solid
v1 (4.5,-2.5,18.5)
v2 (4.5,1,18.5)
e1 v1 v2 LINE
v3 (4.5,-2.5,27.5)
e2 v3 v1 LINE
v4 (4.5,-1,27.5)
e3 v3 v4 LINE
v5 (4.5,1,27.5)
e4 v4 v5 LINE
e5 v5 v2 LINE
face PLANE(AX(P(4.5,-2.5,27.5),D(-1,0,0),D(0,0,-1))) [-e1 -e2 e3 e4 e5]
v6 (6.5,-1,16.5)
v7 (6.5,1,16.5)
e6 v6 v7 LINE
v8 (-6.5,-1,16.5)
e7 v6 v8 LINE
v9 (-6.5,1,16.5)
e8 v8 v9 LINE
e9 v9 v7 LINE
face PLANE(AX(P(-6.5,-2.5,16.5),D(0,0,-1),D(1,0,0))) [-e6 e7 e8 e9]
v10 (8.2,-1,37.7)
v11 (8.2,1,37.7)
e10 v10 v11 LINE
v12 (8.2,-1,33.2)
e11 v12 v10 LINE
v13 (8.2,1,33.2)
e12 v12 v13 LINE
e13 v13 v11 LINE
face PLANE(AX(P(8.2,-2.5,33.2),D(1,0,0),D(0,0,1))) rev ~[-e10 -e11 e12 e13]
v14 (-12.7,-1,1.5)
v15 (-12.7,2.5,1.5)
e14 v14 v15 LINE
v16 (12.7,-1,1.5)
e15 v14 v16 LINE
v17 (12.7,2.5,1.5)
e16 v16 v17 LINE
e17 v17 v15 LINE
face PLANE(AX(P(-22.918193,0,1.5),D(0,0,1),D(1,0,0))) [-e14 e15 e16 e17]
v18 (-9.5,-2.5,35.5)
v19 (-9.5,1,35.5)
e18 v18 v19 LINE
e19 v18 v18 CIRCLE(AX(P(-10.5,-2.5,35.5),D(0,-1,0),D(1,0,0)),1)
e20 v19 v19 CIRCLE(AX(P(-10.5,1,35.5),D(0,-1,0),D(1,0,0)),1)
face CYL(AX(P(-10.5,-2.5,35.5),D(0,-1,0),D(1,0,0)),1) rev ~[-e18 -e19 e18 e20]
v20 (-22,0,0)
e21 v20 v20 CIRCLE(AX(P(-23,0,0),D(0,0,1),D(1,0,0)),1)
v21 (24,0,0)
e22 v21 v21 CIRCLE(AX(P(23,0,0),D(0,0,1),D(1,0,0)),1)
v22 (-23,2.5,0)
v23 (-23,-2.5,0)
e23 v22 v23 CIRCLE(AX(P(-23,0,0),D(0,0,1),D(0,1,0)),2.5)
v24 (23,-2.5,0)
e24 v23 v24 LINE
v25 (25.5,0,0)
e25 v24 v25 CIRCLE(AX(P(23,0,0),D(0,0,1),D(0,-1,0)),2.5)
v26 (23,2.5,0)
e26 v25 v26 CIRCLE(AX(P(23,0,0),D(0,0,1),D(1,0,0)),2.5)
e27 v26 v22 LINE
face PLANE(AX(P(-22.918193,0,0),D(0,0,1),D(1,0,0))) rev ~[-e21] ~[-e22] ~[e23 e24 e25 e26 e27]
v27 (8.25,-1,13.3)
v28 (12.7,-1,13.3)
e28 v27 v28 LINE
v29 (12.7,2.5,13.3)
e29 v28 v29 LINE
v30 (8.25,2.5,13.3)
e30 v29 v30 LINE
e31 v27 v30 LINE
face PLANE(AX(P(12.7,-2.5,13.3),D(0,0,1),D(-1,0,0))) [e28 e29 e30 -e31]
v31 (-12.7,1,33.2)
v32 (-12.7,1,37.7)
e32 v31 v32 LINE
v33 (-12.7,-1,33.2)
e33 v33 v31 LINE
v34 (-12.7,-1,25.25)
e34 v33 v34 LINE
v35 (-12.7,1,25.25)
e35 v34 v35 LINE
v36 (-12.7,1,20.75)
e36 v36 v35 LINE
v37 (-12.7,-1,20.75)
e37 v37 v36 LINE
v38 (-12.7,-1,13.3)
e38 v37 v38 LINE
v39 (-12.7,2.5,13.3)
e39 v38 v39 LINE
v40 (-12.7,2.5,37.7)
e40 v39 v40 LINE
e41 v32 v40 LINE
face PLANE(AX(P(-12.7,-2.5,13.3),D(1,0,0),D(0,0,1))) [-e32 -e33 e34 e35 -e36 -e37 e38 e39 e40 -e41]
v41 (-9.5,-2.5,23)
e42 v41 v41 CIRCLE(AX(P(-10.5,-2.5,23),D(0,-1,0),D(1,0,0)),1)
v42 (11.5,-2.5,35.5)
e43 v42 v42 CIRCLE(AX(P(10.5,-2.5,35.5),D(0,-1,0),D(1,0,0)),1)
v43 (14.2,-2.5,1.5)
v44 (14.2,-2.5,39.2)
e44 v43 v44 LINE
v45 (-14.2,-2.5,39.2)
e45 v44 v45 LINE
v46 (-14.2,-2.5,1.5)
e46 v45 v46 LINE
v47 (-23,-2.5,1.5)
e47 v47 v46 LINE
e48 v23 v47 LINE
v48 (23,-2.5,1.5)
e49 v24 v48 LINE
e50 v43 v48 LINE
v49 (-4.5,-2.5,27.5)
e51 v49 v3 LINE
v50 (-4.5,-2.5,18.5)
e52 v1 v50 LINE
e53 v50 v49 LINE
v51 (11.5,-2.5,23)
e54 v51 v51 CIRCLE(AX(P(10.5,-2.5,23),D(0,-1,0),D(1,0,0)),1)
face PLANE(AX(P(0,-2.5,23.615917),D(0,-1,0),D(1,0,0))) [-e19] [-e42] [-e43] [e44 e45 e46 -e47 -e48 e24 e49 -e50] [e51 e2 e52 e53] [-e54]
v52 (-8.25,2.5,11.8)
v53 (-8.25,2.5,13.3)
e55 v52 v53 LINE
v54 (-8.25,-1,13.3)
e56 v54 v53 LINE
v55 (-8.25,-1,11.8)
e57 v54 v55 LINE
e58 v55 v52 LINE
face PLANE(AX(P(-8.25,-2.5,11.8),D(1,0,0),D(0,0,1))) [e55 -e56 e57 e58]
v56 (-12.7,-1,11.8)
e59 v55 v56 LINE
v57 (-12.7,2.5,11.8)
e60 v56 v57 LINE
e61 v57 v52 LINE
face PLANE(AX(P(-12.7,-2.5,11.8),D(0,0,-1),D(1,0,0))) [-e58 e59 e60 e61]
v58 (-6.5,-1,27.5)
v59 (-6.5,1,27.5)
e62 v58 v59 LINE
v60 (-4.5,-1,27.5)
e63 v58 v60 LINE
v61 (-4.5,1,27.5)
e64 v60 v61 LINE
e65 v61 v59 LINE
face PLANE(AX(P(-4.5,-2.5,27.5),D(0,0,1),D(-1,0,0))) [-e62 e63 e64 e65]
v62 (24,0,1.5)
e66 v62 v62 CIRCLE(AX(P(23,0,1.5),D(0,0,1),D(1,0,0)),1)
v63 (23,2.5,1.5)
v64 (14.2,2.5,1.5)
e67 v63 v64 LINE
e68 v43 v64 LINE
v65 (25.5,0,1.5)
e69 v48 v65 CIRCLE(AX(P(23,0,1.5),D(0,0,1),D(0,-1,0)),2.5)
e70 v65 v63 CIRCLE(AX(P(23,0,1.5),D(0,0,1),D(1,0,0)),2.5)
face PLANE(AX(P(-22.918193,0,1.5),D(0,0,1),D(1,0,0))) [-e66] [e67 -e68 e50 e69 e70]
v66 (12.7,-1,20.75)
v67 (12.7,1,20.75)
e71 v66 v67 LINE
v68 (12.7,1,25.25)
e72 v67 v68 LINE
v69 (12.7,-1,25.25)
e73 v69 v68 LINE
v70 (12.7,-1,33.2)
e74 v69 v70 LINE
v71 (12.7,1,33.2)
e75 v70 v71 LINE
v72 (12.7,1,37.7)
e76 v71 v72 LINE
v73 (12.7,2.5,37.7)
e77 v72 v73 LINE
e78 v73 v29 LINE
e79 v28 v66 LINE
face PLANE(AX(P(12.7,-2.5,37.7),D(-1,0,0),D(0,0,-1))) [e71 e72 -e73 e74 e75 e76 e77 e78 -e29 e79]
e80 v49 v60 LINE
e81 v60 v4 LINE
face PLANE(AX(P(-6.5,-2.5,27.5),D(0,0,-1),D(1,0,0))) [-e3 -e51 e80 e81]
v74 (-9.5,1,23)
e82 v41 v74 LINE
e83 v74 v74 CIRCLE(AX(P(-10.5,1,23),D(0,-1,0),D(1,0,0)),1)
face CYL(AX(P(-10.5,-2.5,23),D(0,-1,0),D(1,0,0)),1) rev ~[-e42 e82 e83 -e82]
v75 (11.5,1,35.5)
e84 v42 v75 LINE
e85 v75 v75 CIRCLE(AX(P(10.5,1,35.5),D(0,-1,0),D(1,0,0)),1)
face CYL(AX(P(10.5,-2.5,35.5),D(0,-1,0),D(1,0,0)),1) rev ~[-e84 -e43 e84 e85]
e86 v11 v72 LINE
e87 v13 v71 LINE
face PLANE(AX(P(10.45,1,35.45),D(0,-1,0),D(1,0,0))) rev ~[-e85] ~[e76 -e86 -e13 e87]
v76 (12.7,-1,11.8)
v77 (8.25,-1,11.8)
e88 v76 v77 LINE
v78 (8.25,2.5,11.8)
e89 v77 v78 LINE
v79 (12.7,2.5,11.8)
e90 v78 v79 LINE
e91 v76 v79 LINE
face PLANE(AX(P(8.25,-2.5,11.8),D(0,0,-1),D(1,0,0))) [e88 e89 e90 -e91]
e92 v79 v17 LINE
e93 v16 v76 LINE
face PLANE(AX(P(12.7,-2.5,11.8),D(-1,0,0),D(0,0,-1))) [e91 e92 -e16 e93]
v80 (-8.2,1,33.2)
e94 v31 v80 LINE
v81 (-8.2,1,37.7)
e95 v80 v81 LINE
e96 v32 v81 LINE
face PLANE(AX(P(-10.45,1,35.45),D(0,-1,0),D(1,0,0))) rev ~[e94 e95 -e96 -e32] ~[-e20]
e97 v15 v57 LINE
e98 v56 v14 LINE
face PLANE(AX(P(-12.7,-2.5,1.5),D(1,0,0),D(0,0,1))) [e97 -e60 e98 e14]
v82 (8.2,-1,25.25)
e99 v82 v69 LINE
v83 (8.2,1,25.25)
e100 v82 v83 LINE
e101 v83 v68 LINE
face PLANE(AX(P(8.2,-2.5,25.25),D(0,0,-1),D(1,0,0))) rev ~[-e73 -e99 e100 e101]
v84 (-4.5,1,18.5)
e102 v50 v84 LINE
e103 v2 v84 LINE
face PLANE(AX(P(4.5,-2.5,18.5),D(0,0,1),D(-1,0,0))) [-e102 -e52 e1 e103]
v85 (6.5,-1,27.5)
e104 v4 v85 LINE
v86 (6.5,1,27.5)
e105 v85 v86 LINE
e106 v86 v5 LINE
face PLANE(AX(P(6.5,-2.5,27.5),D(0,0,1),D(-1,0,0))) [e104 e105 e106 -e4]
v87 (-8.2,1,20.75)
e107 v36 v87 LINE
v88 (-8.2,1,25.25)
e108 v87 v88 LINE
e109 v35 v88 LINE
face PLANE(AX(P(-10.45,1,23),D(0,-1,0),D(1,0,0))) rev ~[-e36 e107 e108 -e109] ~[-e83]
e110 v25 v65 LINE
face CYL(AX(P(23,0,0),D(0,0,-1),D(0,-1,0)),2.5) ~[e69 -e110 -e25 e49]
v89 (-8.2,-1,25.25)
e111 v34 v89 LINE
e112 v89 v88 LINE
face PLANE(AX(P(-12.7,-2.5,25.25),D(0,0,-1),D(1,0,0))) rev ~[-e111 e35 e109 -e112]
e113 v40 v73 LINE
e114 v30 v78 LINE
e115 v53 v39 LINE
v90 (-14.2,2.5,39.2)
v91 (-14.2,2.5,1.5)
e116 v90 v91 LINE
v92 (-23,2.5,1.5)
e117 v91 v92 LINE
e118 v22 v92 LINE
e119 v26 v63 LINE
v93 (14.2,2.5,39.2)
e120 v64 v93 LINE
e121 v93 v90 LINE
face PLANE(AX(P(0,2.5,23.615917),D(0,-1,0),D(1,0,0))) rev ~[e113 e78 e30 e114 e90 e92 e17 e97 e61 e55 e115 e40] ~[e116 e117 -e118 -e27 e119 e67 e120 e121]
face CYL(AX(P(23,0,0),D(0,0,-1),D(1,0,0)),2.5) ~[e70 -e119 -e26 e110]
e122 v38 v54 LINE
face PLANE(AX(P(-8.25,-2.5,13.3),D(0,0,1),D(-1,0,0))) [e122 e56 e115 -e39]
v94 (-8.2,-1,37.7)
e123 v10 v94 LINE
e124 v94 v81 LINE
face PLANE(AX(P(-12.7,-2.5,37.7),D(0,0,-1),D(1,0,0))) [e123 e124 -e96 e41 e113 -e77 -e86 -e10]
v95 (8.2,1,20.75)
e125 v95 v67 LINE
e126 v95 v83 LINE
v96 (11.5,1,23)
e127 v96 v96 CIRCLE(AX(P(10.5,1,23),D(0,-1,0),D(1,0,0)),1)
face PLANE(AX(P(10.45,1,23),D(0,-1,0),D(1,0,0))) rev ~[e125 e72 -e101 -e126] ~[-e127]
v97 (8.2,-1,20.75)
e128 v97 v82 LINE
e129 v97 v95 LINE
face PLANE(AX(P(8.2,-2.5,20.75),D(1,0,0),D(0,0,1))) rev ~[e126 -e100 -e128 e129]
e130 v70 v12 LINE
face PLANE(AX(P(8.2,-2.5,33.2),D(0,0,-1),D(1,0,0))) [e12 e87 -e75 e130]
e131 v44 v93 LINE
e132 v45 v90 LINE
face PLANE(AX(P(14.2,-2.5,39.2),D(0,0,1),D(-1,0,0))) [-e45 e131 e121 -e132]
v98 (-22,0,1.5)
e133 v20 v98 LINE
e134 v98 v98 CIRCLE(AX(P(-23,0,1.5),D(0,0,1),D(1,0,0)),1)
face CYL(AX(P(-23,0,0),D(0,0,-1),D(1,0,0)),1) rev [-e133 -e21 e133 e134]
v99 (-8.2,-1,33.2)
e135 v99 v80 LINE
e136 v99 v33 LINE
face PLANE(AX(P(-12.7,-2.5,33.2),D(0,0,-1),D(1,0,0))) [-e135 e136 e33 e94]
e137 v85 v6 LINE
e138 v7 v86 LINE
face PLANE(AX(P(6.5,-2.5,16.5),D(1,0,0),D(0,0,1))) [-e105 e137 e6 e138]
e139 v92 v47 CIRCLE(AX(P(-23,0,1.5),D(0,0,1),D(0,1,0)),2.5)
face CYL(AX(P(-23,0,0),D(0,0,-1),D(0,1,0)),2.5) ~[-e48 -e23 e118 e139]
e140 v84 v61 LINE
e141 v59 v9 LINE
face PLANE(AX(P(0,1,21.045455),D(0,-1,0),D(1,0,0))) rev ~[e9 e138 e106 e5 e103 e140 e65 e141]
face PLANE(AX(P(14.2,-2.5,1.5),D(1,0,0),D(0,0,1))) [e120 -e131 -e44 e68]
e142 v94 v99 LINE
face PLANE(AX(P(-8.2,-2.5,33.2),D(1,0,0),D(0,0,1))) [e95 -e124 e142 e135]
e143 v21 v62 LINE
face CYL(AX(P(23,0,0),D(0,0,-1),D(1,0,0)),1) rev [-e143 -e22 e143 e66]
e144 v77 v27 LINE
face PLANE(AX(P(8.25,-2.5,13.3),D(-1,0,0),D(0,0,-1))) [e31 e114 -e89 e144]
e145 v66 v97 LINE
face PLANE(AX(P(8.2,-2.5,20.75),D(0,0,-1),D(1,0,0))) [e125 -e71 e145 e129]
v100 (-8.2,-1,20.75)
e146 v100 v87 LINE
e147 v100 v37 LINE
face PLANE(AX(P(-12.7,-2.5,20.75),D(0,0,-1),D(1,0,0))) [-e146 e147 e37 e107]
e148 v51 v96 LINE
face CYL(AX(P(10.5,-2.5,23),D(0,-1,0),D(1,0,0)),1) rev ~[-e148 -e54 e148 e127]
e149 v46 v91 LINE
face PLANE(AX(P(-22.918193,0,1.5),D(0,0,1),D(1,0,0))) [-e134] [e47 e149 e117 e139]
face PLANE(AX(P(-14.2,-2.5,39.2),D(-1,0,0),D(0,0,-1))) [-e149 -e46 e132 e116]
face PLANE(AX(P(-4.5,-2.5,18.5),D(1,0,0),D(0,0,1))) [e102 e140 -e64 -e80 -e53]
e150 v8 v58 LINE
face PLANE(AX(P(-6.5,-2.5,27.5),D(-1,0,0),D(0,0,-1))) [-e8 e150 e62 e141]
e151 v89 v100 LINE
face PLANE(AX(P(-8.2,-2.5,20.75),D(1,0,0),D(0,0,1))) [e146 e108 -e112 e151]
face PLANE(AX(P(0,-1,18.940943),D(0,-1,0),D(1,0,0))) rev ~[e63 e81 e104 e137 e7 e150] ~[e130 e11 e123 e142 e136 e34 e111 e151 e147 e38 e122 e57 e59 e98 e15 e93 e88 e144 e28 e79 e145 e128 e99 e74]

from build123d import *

# Parameters (mm, degrees)
F0_R     = 1
F1_DEPTH = 1.5
F3_DEPTH = 1.5
F4_DEPTH = 5
F2_W     = 4.5
F2_H     = 4.5
F2_R     = 1
F5_DEPTH = 3.5


with BuildPart() as f1:
    # F0 (on Top) → F1 (new body)
    with BuildSketch(Plane.XY):
        with BuildLine():
            ThreePointArc((-20.5, 0), (-21.232233047, 1.767766953), (-23, 2.5))
            ThreePointArc((-23, 2.5), (-25.5, 0), (-23, -2.5))
            ThreePointArc((-23, -2.5), (-21.232233047, -1.767766953), (-20.5, 0))
        make_face()
        with Locations((-23, 0)):
            Circle(F0_R, mode=Mode.SUBTRACT)
        with BuildLine():
            Line((23, 2.5), (-23, 2.5))
            ThreePointArc((-23, 2.5), (-21.232233047, 1.767766953), (-20.5, 0))
            ThreePointArc((-20.5, 0), (-21.232233047, -1.767766953), (-23, -2.5))
            Line((-23, -2.5), (23, -2.5))
            ThreePointArc((23, -2.5), (20.5, 0), (23, 2.5))
        make_face()
        with BuildLine():
            ThreePointArc((25.5, 0), (24.767766953, 1.767766953), (23, 2.5))
            ThreePointArc((23, 2.5), (20.5, 0), (23, -2.5))
            ThreePointArc((23, -2.5), (24.767766953, -1.767766953), (25.5, 0))
        make_face()
        with Locations((23, 0)):
            Circle(F0_R, mode=Mode.SUBTRACT)
    extrude(amount=F1_DEPTH)

    # F2 (on face) → F3 (join)
    with BuildSketch(Plane.XZ.offset(2.5)):
        Polygon((8.2, 37.7), (-8.2, 37.7), (-8.2, 33.2), (-12.7, 33.2), (-12.7, 25.25), (-8.2, 25.25), (-8.2, 20.75), (-12.7, 20.75), (-12.7, 13.3), (-8.25, 13.3), (-8.25, 11.8), (-12.7, 11.8), (-12.7, 1.5), (12.7, 1.5), (12.7, 11.8), (8.25, 11.8), (8.25, 13.3), (12.7, 13.3), (12.7, 20.75), (8.2, 20.75), (8.2, 25.25), (12.7, 25.25), (12.7, 33.2), (8.2, 33.2), align=None)
        Polygon((-6.5, 27.5), (-4.5, 27.5), (4.5, 27.5), (6.5, 27.5), (6.5, 16.5), (-6.5, 16.5), align=None, mode=Mode.SUBTRACT)
    extrude(amount=-F3_DEPTH)

    # F2 (on face) → F4 (join)
    with BuildSketch(Plane.XZ.offset(2.5)):
        Polygon((-12.7, 33.2), (-12.7, 37.7), (-8.2, 37.7), (8.2, 37.7), (12.7, 37.7), (12.7, 33.2), (12.7, 25.25), (12.7, 20.75), (12.7, 13.3), (8.25, 13.3), (8.25, 11.8), (12.7, 11.8), (12.7, 1.5), (14.2, 1.5), (14.2, 39.2), (-14.2, 39.2), (-14.2, 1.5), (-12.7, 1.5), (-12.7, 11.8), (-8.25, 11.8), (-8.25, 13.3), (-12.7, 13.3), (-12.7, 20.75), (-12.7, 25.25), align=None)
    extrude(amount=-F4_DEPTH)

    # F2 (on face) → F5 (join)
    with BuildSketch(Plane.XZ.offset(2.5)):
        with Locations((10.45, 35.45)):
            Rectangle(F2_W, F2_H)
        with Locations((10.5, 35.5)):
            Circle(F2_R, mode=Mode.SUBTRACT)
        with Locations((10.45, 23)):
            Rectangle(F2_W, F2_H)
        with Locations((10.5, 23)):
            Circle(F2_R, mode=Mode.SUBTRACT)
        Polygon((-4.5, 18.5), (-4.5, 27.5), (-6.5, 27.5), (-6.5, 16.5), (6.5, 16.5), (6.5, 27.5), (4.5, 27.5), (4.5, 18.5), align=None)
        with Locations((-10.45, 35.45)):
            Rectangle(F2_W, F2_H)
        with Locations((-10.5, 35.5)):
            Circle(F2_R, mode=Mode.SUBTRACT)
        with Locations((-10.45, 23)):
            Rectangle(F2_W, F2_H)
        with Locations((-10.5, 23)):
            Circle(F2_R, mode=Mode.SUBTRACT)
    extrude(amount=-F5_DEPTH)


solid = f1.part
